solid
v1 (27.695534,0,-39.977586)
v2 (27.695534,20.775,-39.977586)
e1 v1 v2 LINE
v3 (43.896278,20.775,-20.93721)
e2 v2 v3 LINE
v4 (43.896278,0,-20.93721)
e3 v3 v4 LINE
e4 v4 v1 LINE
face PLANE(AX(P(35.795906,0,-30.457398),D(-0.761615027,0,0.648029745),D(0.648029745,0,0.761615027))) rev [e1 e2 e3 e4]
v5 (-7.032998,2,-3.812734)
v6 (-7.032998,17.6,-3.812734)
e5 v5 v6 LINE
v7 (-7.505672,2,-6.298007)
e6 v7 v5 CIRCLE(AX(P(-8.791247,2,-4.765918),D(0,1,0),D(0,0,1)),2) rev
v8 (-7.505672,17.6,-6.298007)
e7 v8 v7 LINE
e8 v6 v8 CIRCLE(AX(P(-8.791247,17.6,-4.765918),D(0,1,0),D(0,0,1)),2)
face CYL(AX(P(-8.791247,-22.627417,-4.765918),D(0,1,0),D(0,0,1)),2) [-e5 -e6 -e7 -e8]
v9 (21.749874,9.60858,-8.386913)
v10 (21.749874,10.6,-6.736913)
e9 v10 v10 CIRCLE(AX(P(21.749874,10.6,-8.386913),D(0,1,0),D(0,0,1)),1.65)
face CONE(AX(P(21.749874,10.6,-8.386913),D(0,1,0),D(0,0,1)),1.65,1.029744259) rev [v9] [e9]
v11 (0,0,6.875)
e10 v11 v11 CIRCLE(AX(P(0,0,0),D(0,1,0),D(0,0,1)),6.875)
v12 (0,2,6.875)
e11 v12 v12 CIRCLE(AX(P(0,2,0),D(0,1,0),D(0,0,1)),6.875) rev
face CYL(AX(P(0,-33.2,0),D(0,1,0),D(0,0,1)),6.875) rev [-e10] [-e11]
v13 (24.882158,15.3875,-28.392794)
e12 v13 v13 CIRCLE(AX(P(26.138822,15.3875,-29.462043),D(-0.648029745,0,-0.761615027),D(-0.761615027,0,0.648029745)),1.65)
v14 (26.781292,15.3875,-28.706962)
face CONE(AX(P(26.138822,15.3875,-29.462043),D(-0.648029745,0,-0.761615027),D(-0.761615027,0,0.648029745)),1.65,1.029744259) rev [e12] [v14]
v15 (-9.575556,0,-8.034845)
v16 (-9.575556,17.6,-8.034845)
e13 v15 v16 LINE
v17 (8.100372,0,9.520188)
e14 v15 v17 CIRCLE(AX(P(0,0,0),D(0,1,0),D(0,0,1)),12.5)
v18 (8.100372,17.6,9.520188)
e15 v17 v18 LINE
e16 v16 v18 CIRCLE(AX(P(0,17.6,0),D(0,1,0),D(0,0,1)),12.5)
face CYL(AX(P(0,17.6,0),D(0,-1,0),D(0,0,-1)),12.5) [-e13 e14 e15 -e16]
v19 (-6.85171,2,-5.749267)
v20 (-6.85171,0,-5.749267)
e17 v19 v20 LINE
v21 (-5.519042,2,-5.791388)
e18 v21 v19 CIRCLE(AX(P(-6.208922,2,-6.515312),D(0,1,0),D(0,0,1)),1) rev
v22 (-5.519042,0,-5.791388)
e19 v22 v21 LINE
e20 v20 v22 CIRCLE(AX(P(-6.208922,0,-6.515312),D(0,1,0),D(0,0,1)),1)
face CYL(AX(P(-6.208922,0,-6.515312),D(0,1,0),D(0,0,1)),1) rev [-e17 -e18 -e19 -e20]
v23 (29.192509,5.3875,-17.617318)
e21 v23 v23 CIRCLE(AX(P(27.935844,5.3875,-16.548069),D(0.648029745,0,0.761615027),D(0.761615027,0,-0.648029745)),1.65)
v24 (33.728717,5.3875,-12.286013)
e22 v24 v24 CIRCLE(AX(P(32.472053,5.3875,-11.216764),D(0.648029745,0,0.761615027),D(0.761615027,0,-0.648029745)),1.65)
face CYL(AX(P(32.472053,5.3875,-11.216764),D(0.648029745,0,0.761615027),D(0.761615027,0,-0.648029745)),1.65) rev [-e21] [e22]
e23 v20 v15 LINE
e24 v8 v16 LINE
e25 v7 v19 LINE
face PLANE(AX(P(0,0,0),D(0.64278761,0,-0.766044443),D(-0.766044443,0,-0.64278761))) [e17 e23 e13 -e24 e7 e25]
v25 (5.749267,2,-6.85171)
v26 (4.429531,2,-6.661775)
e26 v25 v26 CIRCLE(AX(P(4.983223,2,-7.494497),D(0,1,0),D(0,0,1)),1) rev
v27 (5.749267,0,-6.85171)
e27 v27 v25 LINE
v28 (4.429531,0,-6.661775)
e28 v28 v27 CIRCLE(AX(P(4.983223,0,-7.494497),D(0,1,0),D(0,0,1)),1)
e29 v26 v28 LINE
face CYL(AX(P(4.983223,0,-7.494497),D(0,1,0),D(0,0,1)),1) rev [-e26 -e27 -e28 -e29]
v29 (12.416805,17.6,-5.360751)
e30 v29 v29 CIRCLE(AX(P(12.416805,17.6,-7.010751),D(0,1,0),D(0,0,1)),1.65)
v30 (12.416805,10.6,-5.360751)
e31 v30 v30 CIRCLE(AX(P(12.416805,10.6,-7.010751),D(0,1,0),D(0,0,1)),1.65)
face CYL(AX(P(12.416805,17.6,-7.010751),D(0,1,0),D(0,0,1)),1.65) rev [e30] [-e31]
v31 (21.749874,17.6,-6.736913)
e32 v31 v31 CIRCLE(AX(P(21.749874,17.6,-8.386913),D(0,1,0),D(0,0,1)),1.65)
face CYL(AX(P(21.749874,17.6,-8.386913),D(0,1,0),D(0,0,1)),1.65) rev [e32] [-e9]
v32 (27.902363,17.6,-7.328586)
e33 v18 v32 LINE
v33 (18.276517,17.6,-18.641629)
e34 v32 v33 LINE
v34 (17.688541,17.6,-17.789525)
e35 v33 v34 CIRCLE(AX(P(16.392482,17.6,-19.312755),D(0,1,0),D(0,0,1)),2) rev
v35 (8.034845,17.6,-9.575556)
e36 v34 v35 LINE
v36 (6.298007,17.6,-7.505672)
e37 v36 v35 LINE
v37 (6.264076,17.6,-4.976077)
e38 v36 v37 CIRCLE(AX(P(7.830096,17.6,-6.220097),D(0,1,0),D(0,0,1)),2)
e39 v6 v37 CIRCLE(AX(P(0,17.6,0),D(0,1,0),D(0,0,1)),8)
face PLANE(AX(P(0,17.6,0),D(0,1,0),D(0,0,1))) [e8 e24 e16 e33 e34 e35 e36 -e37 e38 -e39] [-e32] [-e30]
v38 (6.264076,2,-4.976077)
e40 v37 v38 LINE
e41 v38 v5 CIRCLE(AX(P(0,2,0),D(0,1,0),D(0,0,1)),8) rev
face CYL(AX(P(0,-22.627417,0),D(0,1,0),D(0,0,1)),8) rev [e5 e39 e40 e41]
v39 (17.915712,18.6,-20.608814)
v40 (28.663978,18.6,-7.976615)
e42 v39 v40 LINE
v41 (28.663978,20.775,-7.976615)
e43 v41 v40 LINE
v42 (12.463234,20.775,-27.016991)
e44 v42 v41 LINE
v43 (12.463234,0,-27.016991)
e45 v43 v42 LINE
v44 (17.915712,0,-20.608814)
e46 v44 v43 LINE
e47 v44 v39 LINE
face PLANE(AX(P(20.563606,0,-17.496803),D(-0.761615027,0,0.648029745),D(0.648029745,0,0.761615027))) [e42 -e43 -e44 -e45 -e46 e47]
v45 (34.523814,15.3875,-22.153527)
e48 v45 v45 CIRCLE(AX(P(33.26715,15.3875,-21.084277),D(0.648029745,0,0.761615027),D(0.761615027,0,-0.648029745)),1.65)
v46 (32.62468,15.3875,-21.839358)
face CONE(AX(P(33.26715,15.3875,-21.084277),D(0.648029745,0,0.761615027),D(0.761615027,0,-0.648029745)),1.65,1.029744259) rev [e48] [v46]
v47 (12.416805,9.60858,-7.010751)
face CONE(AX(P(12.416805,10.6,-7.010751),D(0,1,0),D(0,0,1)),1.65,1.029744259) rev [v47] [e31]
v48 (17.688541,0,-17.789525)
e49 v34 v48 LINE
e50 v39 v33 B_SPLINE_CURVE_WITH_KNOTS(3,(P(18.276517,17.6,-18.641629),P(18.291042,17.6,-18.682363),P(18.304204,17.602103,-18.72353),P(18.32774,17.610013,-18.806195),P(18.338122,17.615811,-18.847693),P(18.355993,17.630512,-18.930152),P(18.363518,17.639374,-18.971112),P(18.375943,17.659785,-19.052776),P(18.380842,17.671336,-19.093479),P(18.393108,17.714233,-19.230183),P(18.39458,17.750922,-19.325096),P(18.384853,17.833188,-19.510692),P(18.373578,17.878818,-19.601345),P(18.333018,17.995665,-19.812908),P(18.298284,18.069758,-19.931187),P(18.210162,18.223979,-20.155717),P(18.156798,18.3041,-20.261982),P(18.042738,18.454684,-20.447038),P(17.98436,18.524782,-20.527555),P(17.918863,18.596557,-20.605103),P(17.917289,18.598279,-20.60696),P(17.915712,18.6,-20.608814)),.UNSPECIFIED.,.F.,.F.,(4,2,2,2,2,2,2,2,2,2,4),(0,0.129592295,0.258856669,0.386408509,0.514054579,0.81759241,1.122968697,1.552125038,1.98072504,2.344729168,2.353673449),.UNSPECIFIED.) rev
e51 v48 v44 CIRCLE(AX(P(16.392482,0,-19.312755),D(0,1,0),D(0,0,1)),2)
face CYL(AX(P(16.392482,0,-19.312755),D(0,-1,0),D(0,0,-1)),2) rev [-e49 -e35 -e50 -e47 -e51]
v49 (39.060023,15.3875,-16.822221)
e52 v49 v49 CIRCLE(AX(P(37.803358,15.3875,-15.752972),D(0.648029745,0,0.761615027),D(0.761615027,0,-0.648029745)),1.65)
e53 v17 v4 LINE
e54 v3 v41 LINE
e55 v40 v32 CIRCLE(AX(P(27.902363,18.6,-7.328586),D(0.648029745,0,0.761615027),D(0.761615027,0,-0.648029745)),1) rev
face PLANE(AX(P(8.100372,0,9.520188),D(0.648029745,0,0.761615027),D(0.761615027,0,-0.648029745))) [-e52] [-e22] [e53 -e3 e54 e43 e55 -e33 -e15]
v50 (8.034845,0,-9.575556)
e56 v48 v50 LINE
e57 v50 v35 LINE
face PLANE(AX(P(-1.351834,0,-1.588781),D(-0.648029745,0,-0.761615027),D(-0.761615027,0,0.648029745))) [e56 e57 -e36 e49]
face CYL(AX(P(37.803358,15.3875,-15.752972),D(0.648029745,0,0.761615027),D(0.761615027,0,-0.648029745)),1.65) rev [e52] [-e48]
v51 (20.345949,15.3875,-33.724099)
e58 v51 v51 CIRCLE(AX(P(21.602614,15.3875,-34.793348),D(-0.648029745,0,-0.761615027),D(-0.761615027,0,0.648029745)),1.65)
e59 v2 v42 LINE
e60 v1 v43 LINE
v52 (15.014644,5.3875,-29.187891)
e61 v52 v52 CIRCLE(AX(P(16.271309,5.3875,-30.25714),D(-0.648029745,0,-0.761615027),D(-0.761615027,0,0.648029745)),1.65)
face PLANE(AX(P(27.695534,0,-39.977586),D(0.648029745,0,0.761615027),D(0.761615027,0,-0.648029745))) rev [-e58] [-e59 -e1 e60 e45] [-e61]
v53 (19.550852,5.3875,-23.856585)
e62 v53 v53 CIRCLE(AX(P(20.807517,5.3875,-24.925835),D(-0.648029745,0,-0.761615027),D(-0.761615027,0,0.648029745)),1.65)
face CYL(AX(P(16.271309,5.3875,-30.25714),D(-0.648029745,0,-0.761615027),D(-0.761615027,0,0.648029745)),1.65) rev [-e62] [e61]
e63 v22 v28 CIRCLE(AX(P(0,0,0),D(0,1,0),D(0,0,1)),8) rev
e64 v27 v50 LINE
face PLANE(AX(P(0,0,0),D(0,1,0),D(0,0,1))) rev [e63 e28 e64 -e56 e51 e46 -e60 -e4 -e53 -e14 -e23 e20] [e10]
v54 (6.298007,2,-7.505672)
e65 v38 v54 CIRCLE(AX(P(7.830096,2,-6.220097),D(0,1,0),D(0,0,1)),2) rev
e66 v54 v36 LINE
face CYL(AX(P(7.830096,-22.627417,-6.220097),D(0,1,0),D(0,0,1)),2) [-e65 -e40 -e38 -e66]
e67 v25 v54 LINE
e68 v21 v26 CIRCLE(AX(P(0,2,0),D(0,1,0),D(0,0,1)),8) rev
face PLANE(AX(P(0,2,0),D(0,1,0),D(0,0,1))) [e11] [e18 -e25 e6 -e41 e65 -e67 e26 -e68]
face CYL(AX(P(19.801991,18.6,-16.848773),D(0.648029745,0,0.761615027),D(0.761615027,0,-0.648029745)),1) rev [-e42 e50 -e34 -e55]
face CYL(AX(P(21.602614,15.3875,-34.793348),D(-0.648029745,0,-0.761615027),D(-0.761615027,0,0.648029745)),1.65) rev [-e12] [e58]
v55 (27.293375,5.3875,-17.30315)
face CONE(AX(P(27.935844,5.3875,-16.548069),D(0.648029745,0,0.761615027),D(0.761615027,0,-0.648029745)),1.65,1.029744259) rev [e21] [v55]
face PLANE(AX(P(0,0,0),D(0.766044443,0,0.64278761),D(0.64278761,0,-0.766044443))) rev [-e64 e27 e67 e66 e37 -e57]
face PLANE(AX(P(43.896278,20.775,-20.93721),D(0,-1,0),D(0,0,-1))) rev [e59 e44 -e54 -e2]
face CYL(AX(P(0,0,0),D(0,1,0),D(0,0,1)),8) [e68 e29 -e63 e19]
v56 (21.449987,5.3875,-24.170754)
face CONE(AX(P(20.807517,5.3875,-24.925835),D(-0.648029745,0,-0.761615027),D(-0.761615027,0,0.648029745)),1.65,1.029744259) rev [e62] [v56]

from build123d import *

# Parameters (mm, degrees)
SKETCH1_R                      = 12.5
BOSS_EXTRUDE1_DEPTH            = 17.6
SKETCH2_R                      = 6.875
CUT_EXTRUDE1_DEPTH             = 50.8
SKETCH3_R                      = 8
CUT_EXTRUDE3_DEPTH             = 15.6
CUT_EXTRUDE4_DEPTH             = 25.945139807
BOSS_EXTRUDE2_DEPTH            = 17.6
FILLET1_R                      = 2
SKETCH6_W                      = 25
SKETCH6_H                      = 20.775
BOSS_EXTRUDE3_DEPTH            = 20
M4X0_7_TAPPED_HOLE2_AT_2_COUNT = 2
M4X0_7_TAPPED_HOLE2_AT_2_PITCH = 12.206555616
M4X0_7_TAPPED_HOLE1_D          = 3.3
M4X0_7_TAPPED_HOLE1_DEPTH      = 7
M4X0_7_TAPPED_HOLE1_TIP        = 0.991420021
FILLET4_R                      = 1
FILLET6_R                      = 1
FILLET7_R                      = 2


with BuildPart() as part:
    # Sketch1 → Boss-Extrude1 (new body)
    with BuildSketch(Plane(origin=(0, 0, 0), x_dir=(1, 0, 0), z_dir=(0, 1, 0))):
        with Locations(Location((0, 0, 0), (0, 0, 270))):
            Circle(SKETCH1_R)
    extrude(amount=BOSS_EXTRUDE1_DEPTH)

    # Sketch2 → Cut-Extrude1 (cut)
    with BuildSketch(Plane(origin=(0, 17.6, 0), x_dir=(1, 0, 0), z_dir=(0, 1, 0))):
        with Locations(Location((0, 0, 0), (0, 0, 270))):
            Circle(SKETCH2_R)
    extrude(amount=-CUT_EXTRUDE1_DEPTH, mode=Mode.SUBTRACT)

    # Sketch3 → Cut-Extrude3 (cut)
    with BuildSketch(Plane(origin=(0, 17.6, 0), x_dir=(1, 0, 0), z_dir=(0, 1, 0))):
        with Locations(Location((0, 0, 0), (0, 0, 270))):
            Circle(SKETCH3_R)
    extrude(amount=-CUT_EXTRUDE3_DEPTH, mode=Mode.SUBTRACT)

    # Sketch4 → Cut-Extrude4 (cut, through all)
    with BuildSketch(Plane(origin=(0, 17.6, 0), x_dir=(1, 0, 0), z_dir=(0, 1, 0))):
        with BuildLine():
            ThreePointArc((-6.128355545, 5.142300877), (-0.697245942, 7.969557585), (5.142300877, 6.128355545))
            Line((5.142300877, 6.128355545), (8.034845121, 9.575555539))
            ThreePointArc((8.034845121, 9.575555539), (-1.089446784, 12.452433726), (-9.575555539, 8.034845121))
            Line((-9.575555539, 8.034845121), (-6.128355545, 5.142300877))
        make_face()
    extrude(amount=-CUT_EXTRUDE4_DEPTH, mode=Mode.SUBTRACT)

    # Sketch5 → Boss-Extrude2 (add, through all)
    with BuildSketch(Plane(origin=(0, 17.6, 0), x_dir=(1, 0, 0), z_dir=(0, 1, 0))):
        with BuildLine():
            Line((28.663977541, 7.976615292), (19.211771381, 19.085584129))
            Line((19.211771381, 19.085584129), (8.034845121, 9.575555539))
            ThreePointArc((8.034845121, 9.575555539), (12.499926406, 0.042893271), (8.100371818, -9.520187835))
            Line((8.100371818, -9.520187835), (28.663977541, 7.976615292))
        make_face()
    extrude(amount=-BOSS_EXTRUDE2_DEPTH)

    # Fillet1
    fillet1_edges = [part.edges().sort_by_distance(p)[0] for p in [
        (5.142300877, 9.8, -6.128355545),
        (-6.128355545, 9.8, -5.142300877),
    ]]
    fillet(fillet1_edges, radius=FILLET1_R)

    # Sketch6 → Boss-Extrude3 (add)
    with BuildSketch(Plane(origin=(20.563605723, 0, -17.496803127), x_dir=(-0.6480297454391464, 0, -0.7616150267858922), z_dir=(0.7616150267858922, 0, -0.6480297454391464))):
        with Locations((0, 10.3875)):
            Rectangle(SKETCH6_W, SKETCH6_H)
    extrude(amount=BOSS_EXTRUDE3_DEPTH)

    # Sketch9 → M4x0.7 Tapped Hole2 (revolve, cut)
    with BuildSketch(Plane(origin=(21.602614227, 15.3875, -34.793347907), x_dir=(-0.7616150267858922, 0, 0.6480297454391463), z_dir=(0, 1, 0))):
        Polygon((0, 0), (0, 7.991420021), (1.65, 7), (1.65, 0), align=None)
    m4x0_7_tapped_hole2 = revolve(axis=Axis((17.487625343, 15.3875, -39.629603327), (0.6480297454391463, 0, 0.7616150267858921)), mode=Mode.SUBTRACT)

    # M4x0.7 Tapped Hole2 at 2: M4x0.7 Tapped Hole2 ×2
    with Locations(*[Vector(-0.43675753876297707, -0.8192319205190405, 0.3716206570367036) * (i * M4X0_7_TAPPED_HOLE2_AT_2_PITCH) for i in range(1, M4X0_7_TAPPED_HOLE2_AT_2_COUNT)]):
        add(m4x0_7_tapped_hole2, mode=Mode.SUBTRACT)

    # Mirror1: M4x0.7 Tapped Hole2 across plane
    add(m4x0_7_tapped_hole2.mirror(Plane(origin=(0, 0, 0), x_dir=(-0.7616150267858919, 0, 0.6480297454391465), z_dir=(-0.6480297454391465, 0, -0.761615026785892))), mode=Mode.SUBTRACT)

    # Mirror1 copy 1 sketch → Mirror1 copy 1 (revolve, cut)
    with BuildSketch(Plane(origin=(32.472052675, 5.3875, -11.216764019), x_dir=(-0.7616150267858918, 0, 0.6480297454391468), z_dir=(0, 1, 0))):
        Polygon((0, 0), (0, -7.991420021), (1.65, -7), (1.65, 0), align=None)
    revolve(axis=Axis((36.587041559, 5.3875, -6.380508599), (0.6480297454391466, 0, 0.7616150267858917)), mode=Mode.SUBTRACT)

    # M4x0.7 Tapped Hole1
    with Locations(Plane(origin=(0, 17.6, 0), x_dir=(1, 0, 0), z_dir=(0, 1, 0))):
        with Locations((21.749873691, 8.386913416), (12.41680475, 7.010750587)):
            Hole(M4X0_7_TAPPED_HOLE1_D / 2, depth=M4X0_7_TAPPED_HOLE1_DEPTH)
            with Locations((0, 0, -(M4X0_7_TAPPED_HOLE1_DEPTH + M4X0_7_TAPPED_HOLE1_TIP / 2))):  # 118° drill point
                Cone(0, M4X0_7_TAPPED_HOLE1_D / 2, M4X0_7_TAPPED_HOLE1_TIP, mode=Mode.SUBTRACT)

    # Fillet4
    fillet4_edges = [part.edges().sort_by_distance(p)[0] for p in [
        (23.937874461, 17.6, -13.531099711),
    ]]
    fillet(fillet4_edges, radius=FILLET4_R)

    # Fillet6
    fillet6_edges = [part.edges().sort_by_distance(p)[0] for p in [
        (-6.128355545, 1, -5.142300877),
        (5.142300877, 1, -6.128355545),
    ]]
    fillet(fillet6_edges, radius=FILLET6_R)

    # Fillet7
    fillet7_edges = [part.edges().sort_by_distance(p)[0] for p in [
        (19.211771381, 9.3, -19.085584129),
    ]]
    fillet(fillet7_edges, radius=FILLET7_R)


solid = part.part
